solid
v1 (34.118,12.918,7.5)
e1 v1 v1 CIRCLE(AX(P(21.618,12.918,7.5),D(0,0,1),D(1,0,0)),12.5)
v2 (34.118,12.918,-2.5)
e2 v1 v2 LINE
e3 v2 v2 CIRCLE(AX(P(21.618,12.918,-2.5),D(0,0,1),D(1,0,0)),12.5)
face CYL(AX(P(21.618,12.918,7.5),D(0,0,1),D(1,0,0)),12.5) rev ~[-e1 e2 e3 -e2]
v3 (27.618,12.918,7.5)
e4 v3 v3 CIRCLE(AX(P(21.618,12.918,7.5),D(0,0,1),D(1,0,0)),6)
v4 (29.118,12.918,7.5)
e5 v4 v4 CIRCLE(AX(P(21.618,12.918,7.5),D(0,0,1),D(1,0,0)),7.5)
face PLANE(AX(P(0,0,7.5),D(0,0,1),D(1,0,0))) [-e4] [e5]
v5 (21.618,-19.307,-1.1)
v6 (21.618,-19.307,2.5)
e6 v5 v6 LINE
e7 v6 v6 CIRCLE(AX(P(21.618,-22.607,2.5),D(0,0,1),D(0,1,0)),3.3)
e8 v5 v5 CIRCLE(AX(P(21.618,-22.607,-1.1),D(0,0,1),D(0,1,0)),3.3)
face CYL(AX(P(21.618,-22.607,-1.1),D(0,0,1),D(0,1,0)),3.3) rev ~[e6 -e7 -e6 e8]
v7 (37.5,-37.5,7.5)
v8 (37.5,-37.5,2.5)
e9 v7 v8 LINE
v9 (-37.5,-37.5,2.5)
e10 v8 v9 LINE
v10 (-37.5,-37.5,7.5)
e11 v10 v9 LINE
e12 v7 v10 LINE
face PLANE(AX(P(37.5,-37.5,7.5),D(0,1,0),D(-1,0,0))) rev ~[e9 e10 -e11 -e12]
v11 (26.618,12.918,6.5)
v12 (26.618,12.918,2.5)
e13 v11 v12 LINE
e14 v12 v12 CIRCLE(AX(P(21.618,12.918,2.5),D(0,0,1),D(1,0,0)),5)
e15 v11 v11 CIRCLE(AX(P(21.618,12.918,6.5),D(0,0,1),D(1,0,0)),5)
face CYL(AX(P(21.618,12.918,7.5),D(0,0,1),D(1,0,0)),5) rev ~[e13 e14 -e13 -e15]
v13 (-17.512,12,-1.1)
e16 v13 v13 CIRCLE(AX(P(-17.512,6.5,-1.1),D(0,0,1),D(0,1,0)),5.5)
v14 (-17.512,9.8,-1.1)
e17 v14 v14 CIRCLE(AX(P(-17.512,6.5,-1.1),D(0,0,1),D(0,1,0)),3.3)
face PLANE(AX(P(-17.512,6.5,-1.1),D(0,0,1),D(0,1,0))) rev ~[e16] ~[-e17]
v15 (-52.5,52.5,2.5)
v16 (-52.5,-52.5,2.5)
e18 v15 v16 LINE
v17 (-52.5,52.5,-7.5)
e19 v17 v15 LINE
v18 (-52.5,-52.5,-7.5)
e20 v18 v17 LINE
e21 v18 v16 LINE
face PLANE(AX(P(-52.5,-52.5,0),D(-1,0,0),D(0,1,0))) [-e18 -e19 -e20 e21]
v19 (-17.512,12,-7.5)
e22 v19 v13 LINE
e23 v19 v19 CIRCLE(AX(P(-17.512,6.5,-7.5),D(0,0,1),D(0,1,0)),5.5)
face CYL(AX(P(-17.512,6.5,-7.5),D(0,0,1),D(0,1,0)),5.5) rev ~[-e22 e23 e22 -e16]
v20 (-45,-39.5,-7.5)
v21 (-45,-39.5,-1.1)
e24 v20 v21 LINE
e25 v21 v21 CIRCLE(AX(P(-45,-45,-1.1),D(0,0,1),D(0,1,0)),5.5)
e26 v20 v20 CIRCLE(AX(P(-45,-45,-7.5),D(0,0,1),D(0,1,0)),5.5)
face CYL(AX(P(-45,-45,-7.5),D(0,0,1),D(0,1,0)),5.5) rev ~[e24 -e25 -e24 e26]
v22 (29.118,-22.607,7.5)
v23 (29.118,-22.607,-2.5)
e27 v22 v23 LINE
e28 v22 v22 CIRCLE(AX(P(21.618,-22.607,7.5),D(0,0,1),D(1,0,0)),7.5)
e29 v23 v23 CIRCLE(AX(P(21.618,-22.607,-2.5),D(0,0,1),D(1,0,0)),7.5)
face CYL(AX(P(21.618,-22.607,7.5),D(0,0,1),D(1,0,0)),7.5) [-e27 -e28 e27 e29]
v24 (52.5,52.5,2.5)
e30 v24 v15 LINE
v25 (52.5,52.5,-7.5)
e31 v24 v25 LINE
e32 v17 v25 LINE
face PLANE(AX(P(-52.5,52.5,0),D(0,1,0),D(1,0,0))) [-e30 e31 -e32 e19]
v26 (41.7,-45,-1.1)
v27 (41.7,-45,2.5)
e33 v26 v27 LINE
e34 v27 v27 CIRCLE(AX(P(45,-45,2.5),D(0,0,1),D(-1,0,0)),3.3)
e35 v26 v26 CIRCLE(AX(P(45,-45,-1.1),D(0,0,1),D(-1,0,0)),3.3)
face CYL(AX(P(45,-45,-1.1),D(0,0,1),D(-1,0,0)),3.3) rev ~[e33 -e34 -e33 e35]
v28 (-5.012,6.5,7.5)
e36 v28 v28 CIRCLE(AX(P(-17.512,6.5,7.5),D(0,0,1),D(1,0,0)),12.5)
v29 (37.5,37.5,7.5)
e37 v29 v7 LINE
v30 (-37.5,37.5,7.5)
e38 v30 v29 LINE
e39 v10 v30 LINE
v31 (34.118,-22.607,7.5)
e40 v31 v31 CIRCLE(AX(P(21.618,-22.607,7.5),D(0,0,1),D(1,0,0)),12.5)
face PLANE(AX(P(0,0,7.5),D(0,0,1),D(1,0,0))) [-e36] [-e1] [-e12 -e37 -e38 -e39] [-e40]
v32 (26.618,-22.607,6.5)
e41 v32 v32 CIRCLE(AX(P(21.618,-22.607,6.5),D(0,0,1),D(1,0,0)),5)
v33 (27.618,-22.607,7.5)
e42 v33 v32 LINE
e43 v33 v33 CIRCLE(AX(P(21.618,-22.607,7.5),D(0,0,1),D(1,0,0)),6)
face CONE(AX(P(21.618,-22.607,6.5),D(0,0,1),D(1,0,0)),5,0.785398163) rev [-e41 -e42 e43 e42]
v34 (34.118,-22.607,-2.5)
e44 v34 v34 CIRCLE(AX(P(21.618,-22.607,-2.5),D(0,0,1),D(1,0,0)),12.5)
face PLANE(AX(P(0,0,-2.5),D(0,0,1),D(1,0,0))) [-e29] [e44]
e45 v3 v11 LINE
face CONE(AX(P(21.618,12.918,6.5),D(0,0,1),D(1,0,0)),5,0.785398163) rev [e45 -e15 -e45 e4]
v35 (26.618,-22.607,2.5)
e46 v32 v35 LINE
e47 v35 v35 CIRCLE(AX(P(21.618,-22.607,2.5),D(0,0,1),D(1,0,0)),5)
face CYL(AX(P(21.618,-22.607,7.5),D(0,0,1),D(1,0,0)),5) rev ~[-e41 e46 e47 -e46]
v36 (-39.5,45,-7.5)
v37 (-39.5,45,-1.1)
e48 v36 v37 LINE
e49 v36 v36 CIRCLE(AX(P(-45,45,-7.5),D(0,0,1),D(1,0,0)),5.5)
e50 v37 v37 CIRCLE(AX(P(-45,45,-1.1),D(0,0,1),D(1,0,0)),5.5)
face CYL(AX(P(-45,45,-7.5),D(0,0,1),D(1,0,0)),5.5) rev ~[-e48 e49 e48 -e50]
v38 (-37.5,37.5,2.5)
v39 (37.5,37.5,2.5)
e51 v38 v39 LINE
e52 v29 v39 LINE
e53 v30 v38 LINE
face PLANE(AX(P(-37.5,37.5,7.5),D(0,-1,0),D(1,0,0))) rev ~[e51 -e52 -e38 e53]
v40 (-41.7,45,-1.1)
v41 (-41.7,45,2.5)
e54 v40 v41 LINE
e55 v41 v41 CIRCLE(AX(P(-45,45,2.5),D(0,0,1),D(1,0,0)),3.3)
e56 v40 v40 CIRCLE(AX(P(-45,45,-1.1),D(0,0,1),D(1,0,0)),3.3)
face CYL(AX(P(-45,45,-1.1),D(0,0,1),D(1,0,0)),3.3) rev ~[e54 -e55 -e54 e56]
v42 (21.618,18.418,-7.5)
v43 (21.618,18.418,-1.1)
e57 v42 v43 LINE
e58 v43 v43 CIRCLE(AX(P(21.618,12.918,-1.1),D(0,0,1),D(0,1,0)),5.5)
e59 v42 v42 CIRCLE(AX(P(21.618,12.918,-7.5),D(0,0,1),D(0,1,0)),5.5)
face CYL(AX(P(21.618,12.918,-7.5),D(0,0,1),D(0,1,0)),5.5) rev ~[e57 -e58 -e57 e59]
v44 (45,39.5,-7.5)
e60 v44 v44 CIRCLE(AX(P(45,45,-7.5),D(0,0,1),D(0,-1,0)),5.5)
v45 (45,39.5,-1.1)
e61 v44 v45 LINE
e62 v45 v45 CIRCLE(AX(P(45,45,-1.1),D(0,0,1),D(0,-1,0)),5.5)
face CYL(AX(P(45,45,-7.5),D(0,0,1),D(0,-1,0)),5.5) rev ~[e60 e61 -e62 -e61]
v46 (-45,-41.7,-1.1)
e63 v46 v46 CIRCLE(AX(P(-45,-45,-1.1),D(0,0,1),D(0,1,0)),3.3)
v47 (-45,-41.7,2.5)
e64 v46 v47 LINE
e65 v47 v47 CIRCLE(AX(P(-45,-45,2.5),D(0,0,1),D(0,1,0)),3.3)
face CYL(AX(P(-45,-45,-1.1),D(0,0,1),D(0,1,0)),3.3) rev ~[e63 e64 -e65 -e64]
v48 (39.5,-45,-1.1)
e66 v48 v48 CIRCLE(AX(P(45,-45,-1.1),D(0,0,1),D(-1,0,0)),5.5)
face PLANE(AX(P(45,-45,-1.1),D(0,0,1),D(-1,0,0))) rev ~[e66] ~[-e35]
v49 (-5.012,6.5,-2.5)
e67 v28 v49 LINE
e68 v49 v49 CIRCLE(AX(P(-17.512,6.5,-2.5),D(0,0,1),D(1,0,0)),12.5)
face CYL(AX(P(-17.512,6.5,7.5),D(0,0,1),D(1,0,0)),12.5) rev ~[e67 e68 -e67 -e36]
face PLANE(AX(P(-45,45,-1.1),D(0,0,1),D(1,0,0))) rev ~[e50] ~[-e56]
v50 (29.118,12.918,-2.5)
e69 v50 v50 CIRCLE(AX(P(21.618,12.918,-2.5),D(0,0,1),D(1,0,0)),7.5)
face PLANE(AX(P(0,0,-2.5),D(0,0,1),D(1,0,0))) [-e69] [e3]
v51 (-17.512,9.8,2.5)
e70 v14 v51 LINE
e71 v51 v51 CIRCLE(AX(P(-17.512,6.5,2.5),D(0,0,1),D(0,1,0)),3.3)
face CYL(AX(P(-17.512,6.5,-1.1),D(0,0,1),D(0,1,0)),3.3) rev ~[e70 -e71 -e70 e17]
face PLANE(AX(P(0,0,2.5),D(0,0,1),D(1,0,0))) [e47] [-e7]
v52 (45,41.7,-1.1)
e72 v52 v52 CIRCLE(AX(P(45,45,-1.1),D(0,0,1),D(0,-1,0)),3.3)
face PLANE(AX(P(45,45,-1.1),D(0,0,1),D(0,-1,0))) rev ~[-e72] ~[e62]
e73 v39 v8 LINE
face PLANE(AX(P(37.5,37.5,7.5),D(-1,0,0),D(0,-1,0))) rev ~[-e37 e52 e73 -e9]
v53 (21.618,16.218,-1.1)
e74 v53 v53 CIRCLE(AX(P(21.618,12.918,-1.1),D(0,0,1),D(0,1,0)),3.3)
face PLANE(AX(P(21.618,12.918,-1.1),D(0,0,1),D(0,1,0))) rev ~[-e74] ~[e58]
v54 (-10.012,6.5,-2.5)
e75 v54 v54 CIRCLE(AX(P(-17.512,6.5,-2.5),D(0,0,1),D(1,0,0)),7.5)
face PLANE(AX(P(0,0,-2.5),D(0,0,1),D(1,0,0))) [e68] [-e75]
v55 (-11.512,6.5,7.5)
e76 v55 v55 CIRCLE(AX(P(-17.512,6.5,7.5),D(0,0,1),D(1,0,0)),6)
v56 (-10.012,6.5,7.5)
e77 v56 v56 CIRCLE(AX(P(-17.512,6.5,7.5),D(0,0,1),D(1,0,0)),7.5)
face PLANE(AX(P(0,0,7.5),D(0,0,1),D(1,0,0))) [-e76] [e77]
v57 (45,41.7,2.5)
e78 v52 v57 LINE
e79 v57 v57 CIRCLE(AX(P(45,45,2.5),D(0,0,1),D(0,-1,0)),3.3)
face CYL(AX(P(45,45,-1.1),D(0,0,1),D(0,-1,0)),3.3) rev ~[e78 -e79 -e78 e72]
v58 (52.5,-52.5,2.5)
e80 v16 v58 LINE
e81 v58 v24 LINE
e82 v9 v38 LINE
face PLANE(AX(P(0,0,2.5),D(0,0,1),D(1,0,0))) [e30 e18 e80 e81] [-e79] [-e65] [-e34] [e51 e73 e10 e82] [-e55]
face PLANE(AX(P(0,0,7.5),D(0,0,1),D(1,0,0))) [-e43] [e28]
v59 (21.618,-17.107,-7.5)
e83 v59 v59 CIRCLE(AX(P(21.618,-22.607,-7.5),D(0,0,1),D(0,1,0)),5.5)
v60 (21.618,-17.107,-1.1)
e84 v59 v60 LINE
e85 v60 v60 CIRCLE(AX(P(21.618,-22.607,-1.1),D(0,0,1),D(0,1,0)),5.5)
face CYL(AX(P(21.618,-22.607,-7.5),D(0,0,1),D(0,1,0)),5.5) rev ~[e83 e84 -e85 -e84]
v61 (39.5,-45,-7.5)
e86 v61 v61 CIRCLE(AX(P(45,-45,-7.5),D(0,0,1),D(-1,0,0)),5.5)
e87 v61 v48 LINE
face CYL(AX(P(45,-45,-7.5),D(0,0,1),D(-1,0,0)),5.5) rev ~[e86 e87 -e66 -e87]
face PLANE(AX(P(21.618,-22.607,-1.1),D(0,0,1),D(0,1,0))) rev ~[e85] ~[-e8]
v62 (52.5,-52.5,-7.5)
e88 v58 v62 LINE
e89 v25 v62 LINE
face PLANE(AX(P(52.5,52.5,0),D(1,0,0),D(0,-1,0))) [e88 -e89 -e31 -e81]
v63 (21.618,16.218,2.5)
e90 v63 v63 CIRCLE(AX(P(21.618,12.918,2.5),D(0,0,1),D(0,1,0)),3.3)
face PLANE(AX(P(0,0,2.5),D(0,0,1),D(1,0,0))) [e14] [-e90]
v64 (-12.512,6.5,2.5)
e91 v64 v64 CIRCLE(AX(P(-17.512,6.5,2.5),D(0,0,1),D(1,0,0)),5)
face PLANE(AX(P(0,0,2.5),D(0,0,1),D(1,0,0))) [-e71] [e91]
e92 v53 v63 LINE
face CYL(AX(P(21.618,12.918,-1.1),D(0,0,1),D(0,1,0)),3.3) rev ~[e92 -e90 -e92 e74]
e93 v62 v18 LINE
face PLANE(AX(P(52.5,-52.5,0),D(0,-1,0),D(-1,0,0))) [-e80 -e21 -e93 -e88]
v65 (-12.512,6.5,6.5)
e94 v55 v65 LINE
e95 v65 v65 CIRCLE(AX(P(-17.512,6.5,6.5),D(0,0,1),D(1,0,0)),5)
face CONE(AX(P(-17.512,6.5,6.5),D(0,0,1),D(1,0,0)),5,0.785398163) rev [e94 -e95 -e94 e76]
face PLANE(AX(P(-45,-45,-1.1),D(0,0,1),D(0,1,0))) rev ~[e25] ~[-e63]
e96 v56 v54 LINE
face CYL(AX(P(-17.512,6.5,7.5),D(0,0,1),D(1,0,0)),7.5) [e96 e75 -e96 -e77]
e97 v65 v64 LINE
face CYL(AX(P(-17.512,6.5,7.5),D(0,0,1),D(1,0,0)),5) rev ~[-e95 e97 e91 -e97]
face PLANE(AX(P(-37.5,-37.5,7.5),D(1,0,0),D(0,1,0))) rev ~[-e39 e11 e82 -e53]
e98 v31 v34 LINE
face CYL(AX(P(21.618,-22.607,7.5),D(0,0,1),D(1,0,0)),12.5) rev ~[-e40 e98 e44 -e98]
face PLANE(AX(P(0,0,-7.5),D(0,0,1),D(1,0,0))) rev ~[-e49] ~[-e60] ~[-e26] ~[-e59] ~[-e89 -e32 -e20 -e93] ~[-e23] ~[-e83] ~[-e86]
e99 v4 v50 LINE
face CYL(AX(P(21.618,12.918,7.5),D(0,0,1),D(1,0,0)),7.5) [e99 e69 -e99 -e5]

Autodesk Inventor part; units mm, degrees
ref_plane "YZ Plane" through (0, 0, 0) normal (1, 0, 0) x (0, 1, 0)
ref_plane "XZ Plane" through (0, 0, 0) normal (0, 1, 0) x (-1, 0, 0)
ref_plane "XY Plane" through (0, 0, 0) normal (0, 0, 1) x (1, 0, 0)
sketch "Skizze1" plane through (0, 0, 0) normal (0, 0, 1) x (1, 0, 0)
  line L0 (-52.5, 52.5) -> (52.5, 52.5)
  line L1 (52.5, 52.5) -> (52.5, -52.5)
  line L2 (52.5, -52.5) -> (-52.5, -52.5)
  line L3 (-52.5, -52.5) -> (-52.5, 52.5)
  line L4 (-52.5, 52.5) -> (52.5, -52.5) construction
  line L5 (52.5, 52.5) -> (-52.5, -52.5) construction
  point P0 (0, 0)
  dimension "d0" = 105
  dimension "d1" = 105
extrude "Extrusion1" add sketch "Skizze1" along normal mid plane 15
sketch "Skizze2" plane through (0, 0, -7.5) normal (0, 0, -1) x (-1, 0, 0)
  point P0 (0, 0)
  point P1 (17.512, 6.5)
  point P2 (-21.618, -22.607)
  point P3 (-21.618, 12.918)
  dimension "d4" = 21.618
  dimension "d5" = 22.607
  dimension "d6" = 12.918
  dimension "d8" = 17.512
  dimension "d16" = 6.5
hole "Bohrung1" at (21.618, -22.607, -7.5) at (21.618, 12.918, -7.5) at (-17.512, 6.5, -7.5) direction (0, 0, 1) diameter 6.6 end through all counterbore diameter 11 counterbore depth 6.4
sketch "Skizze4" plane through (0, 0, 7.5) normal (0, 0, 1) x (1, 0, 0)
  circle A0 centre (-17.512, 6.5) radius 3.3 projected
  circle A1 centre (21.618, 12.918) radius 3.3 projected
  circle A2 centre (21.618, -22.607) radius 3.3 projected
  circle A3 centre (-17.512, 6.5) radius 5
  circle A4 centre (21.618, 12.918) radius 5
  circle A5 centre (21.618, -22.607) radius 5
  point P0 (0, 0)
  dimension "d24" = 10
  dimension "d25" = 10
  dimension "d26" = 10
extrude "Extrusion2" cut sketch "Skizze4" against normal blind 5 contours A0 | A1 | A2 | A3 | A4 | A5
chamfer "Fasen1" distance 1 angle 45 3 edges at (-22.512, 6.5, 7.5) (16.618, 12.918, 7.5) (16.618, -22.607, 7.5)
sketch "Skizze5" plane through (0, 0, 7.5) normal (0, 0, 1) x (1, 0, 0)
  line L0 (-37.5, 37.5) -> (37.5, 37.5)
  line L1 (37.5, 37.5) -> (37.5, -37.5)
  line L2 (37.5, -37.5) -> (-37.5, -37.5)
  line L3 (-37.5, -37.5) -> (-37.5, 37.5)
  line L4 (-37.5, 37.5) -> (37.5, -37.5) construction
  line L5 (37.5, 37.5) -> (-37.5, -37.5) construction
  line L6 (52.5, 52.5) -> (-52.5, 52.5) projected
  line L7 (52.5, -52.5) -> (52.5, 52.5) projected
  line L8 (-52.5, 52.5) -> (-52.5, -52.5) projected
  line L9 (-52.5, -52.5) -> (52.5, -52.5) projected
  point P0 (0, 0)
  dimension "d32" = 15
  dimension "d33" = 15
extrude "Extrusion3" cut sketch "Skizze5" against normal blind 5
sketch "Skizze6" plane through (0, 0, -7.5) normal (0, 0, -1) x (-1, 0, 0)
  line L0 (-52.5, -52.5) -> (52.5, -52.5) projected
  line L1 (52.5, -52.5) -> (52.5, 52.5) projected
  point P0 (0, 0)
  point P1 (45, -45)
  dimension "d36" = 7.5
  dimension "d37" = 7.5
hole "Bohrung2" at (-45, -45, -7.5) direction (0, 0, 1) diameter 6.6 end through all counterbore diameter 11 counterbore depth 6.4
pattern_circular "Runde Anordnung1" count 4 over 360 about axis through (0, 0, -10) along (0, 0, 1) of "Bohrung2"
sketch "Skizze7" plane through (0, 0, 7.5) normal (0, 0, 1) x (1, 0, 0)
  circle A0 centre (-17.512, 6.5) radius 3.3 projected
  circle A1 centre (-17.512, 6.5) radius 7.5
  circle A2 centre (21.618, 12.918) radius 3.3 projected
  circle A3 centre (21.618, 12.918) radius 7.5
  circle A4 centre (21.618, -22.607) radius 3.3 projected
  circle A5 centre (21.618, -22.607) radius 7.5
  circle A6 centre (-17.512, 6.5) radius 12.5
  circle A7 centre (21.618, 12.918) radius 12.5
  circle A8 centre (21.618, -22.607) radius 5.5 projected
  circle A9 centre (21.618, -22.607) radius 12.5
  point P0 (0, 0)
  dimension "d48" = 15
  dimension "d49" = 15
  dimension "d50" = 15
  dimension "d51" = 25
  dimension "d52" = 25
  dimension "d53" = 25
extrude "Extrusion4" cut sketch "Skizze7" against normal blind 10 contours A6 | A7 | A9
equation "\"d0\" = Breite_Magazin"
equation "\"d1\" = Tiefe_Magazin"
equation "\"d2\" = Hoehe_Bodenplatte"
equation "\"d27\" = Fuehrung_Tiefe"
equation "\"d29\" = Fase"
equation "\"d32\" = Wandstaerke"
equation "\"d33\" = Wandstaerke"
equation "\"d34\" = Fuehrung_Tiefe"
equation "\"d36\" = 0.5 * Wandstaerke"
equation "\"d37\" = 0.5 * Wandstaerke"
equation "\"d48\" = Feder_innen"
equation "\"d49\" = Feder_innen"
equation "\"d50\" = Feder_innen"
equation "\"d51\" = Feder_aussen"
equation "\"d52\" = Feder_aussen"
equation "\"d53\" = Feder_aussen"
equation "\"d54\" = Federfuehrung_Tiefe"
equation "\"Tiefe_Magazin\" = Breite_Magazin"
equation "\"Hoehe_Bodenplatte\" = 15"
equation "\"Fuehrung_Tiefe\" = 5"
equation "\"Fase\" = 1"
equation "\"Wandstaerke\" = 15"
equation "\"Feder_innen\" = 15"
equation "\"Feder_aussen\" = 25"
equation "\"Federfuehrung_Tiefe\" = 10"
equation "\"Breite_Magazin\" = 105"
properties part number "TS_Magazin_Grundplatte"
